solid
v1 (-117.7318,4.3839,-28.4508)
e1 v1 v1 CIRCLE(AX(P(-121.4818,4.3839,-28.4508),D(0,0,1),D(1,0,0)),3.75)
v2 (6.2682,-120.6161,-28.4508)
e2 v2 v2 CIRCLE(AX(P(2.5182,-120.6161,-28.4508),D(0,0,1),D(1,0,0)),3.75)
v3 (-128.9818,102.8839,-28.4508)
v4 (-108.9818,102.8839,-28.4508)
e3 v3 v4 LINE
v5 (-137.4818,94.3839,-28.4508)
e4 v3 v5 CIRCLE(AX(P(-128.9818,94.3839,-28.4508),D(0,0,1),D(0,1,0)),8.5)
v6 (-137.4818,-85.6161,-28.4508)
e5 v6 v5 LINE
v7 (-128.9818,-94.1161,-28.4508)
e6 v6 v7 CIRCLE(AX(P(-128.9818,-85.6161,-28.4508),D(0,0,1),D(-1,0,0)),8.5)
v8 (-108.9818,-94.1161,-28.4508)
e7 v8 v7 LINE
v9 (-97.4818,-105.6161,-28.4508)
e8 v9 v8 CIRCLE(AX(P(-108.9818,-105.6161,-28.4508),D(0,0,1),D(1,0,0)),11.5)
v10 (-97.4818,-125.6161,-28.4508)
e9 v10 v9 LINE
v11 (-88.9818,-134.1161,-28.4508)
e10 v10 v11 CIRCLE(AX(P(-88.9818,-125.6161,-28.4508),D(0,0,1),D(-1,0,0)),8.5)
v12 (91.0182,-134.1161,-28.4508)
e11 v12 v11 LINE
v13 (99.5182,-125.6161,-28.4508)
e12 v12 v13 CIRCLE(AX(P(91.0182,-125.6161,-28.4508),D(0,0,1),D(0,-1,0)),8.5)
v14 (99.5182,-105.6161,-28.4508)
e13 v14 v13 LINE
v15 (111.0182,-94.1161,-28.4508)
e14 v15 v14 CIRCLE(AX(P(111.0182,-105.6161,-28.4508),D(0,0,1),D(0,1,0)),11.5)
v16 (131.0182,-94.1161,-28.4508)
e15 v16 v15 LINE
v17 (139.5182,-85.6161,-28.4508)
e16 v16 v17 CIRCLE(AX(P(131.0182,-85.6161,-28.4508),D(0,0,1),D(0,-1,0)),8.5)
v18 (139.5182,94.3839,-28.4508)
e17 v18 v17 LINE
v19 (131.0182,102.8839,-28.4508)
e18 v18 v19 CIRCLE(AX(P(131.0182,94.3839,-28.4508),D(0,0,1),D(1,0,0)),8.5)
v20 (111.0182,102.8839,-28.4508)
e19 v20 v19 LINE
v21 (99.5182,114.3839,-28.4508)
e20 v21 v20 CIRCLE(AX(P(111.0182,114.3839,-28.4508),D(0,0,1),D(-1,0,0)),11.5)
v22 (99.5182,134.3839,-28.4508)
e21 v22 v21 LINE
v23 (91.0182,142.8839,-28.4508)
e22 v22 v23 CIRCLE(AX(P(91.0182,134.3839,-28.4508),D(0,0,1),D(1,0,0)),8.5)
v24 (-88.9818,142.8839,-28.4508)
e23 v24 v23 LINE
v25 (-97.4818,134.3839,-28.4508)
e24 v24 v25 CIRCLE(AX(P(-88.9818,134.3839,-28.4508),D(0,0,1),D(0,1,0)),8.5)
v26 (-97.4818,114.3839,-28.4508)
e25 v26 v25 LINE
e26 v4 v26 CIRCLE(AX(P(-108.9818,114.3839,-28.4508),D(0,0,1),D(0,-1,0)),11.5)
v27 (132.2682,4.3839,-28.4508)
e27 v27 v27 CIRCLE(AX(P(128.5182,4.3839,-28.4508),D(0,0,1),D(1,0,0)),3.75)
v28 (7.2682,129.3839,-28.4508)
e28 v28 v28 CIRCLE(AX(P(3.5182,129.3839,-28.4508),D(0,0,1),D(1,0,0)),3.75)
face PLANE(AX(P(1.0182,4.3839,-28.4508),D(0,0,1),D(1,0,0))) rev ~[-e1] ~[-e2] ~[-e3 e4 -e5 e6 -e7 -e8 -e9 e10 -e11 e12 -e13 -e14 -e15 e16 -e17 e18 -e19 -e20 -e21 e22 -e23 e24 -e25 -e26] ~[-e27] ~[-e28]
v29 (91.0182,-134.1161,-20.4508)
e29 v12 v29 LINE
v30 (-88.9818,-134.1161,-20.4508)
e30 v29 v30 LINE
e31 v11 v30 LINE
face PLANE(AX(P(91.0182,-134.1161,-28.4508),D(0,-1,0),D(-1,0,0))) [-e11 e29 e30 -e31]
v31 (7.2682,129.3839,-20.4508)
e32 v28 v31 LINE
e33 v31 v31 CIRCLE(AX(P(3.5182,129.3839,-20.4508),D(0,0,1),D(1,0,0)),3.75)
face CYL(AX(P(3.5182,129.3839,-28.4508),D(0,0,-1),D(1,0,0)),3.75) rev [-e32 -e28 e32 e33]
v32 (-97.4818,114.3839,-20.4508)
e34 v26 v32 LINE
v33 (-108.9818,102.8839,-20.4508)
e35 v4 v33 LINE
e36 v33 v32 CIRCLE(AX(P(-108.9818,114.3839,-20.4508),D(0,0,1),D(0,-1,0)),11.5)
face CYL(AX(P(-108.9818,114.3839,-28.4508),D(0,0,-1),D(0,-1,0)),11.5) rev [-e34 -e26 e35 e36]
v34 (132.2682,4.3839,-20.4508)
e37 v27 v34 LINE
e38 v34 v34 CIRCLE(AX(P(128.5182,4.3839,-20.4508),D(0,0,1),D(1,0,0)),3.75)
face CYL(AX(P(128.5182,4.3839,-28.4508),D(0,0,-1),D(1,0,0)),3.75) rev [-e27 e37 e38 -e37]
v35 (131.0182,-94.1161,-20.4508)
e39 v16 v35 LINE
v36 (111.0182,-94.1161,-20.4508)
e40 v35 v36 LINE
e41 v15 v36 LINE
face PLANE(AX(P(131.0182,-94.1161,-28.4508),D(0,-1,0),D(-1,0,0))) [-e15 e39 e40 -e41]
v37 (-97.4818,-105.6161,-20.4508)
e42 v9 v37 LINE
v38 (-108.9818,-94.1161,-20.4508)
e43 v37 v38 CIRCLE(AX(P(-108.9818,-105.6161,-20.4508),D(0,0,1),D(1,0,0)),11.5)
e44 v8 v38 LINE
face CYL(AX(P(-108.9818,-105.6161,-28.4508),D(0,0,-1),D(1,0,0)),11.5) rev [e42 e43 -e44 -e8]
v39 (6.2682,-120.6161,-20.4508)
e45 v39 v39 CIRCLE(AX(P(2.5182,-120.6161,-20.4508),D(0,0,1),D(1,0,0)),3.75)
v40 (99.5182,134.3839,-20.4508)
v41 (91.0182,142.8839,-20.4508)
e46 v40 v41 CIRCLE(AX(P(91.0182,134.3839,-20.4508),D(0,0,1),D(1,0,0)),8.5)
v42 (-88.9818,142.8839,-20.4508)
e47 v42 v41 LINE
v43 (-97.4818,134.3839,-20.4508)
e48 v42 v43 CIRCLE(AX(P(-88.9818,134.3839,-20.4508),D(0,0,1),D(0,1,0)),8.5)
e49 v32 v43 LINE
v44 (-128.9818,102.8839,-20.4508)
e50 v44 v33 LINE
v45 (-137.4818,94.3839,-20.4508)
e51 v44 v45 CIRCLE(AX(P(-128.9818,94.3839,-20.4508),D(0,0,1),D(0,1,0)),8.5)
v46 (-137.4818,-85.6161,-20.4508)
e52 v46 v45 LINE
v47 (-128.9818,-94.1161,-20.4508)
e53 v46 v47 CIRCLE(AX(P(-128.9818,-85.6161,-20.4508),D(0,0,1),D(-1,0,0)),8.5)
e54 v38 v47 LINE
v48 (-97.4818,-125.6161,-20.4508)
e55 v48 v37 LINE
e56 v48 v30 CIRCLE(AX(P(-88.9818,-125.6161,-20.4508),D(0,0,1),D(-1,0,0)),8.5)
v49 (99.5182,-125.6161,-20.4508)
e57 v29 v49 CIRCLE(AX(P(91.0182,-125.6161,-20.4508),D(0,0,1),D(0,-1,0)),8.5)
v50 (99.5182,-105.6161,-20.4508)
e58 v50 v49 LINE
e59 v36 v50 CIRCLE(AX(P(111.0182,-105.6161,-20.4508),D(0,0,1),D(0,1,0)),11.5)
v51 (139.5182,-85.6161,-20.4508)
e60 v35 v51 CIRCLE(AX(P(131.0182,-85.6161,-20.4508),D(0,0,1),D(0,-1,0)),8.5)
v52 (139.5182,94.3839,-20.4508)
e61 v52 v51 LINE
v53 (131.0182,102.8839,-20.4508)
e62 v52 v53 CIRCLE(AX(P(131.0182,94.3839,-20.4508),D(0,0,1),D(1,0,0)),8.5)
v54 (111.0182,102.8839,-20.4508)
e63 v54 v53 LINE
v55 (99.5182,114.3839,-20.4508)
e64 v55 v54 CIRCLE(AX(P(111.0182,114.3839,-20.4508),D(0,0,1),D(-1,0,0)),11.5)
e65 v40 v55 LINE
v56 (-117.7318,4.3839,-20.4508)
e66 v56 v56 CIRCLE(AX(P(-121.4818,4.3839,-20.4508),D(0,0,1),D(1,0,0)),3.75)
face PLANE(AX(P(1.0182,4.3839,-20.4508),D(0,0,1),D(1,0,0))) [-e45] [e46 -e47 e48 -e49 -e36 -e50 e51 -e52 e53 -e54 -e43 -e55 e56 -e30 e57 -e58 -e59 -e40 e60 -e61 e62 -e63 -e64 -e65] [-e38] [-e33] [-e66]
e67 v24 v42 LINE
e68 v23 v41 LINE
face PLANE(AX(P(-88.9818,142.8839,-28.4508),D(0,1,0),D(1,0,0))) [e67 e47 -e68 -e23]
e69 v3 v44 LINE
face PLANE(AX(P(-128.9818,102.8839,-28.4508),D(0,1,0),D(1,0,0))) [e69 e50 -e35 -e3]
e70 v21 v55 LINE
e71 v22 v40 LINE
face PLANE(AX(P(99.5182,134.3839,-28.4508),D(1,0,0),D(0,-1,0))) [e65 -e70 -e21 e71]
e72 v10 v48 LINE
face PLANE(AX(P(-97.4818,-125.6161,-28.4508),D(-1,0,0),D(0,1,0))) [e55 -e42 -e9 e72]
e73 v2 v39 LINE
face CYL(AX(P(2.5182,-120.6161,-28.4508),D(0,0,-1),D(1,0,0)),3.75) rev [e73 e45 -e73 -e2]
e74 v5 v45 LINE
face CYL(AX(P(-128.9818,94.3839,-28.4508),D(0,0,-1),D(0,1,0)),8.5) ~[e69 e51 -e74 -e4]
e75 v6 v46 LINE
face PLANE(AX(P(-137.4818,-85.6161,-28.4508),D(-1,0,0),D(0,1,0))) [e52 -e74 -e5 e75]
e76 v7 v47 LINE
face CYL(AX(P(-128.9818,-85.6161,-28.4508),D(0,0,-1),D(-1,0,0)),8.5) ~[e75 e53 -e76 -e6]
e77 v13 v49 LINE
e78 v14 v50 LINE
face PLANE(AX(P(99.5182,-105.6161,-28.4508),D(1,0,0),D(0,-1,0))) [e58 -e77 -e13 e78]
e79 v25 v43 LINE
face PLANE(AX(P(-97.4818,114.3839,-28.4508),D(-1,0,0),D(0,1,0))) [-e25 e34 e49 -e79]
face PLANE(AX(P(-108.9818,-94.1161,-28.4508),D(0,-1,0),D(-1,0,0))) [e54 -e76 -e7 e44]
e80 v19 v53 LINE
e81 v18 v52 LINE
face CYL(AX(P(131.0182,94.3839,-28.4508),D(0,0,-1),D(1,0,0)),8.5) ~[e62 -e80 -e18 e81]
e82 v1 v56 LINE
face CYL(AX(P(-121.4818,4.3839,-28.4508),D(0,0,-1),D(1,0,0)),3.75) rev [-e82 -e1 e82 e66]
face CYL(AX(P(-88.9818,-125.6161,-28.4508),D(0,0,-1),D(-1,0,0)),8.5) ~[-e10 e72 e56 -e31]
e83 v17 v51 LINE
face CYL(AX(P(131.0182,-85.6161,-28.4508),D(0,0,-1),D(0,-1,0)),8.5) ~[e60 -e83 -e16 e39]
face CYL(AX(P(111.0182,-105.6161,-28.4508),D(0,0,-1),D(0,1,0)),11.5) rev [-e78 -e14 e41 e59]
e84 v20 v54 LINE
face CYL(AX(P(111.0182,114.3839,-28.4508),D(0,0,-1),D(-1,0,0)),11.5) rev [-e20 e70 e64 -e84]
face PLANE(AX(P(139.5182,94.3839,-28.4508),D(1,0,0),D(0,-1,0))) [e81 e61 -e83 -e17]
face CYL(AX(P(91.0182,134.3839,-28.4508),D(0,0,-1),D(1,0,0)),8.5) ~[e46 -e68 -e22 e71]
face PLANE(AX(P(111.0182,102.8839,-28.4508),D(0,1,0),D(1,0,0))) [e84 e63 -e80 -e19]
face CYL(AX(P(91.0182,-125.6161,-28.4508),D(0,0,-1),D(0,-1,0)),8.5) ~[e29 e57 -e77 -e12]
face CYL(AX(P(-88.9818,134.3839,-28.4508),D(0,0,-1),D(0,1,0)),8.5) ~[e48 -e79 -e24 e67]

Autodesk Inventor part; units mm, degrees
ref_plane "YZ Plane" through (0, 0, 0) normal (1, 0, 0) x (0, 1, 0)
ref_plane "XZ Plane" through (0, 0, 0) normal (0, 1, 0) x (-1, 0, 0)
ref_plane "Work Plane1" through (1.0182, 4.3839, -28.4508) normal (0, 0, 1) x (1, 0, 0)
sketch "Sketch4" plane through (1.0182, 4.3839, -28.4508) normal (0, 0, 1) x (1, 0, 0)
  arc A0 (100, 130) -> (90, 140) centre (90, 130) ccw construction
  line L0 (-90, 140) -> (90, 140) construction
  arc A1 (-90, 140) -> (-100, 130) centre (-90, 130) ccw construction
  line L1 (-100, 110) -> (-100, 130) construction
  arc A2 (-110, 100) -> (-100, 110) centre (-110, 110) ccw construction
  line L2 (-130, 100) -> (-110, 100) construction
  arc A3 (-130, 100) -> (-140, 90) centre (-130, 90) ccw construction
  line L3 (-140, -90) -> (-140, 90) construction
  arc A4 (-140, -90) -> (-130, -100) centre (-130, -90) ccw construction
  line L4 (-110, -100) -> (-130, -100) construction
  arc A5 (-100, -110) -> (-110, -100) centre (-110, -110) ccw construction
  line L5 (-100, -130) -> (-100, -110) construction
  arc A6 (-100, -130) -> (-90, -140) centre (-90, -130) ccw construction
  line L6 (90, -140) -> (-90, -140) construction
  arc A7 (90, -140) -> (100, -130) centre (90, -130) ccw construction
  line L7 (100, -110) -> (100, -130) construction
  arc A8 (110, -100) -> (100, -110) centre (110, -110) ccw construction
  line L8 (130, -100) -> (110, -100) construction
  arc A9 (130, -100) -> (140, -90) centre (130, -90) ccw construction
  line L9 (140, 90) -> (140, -90) construction
  arc A10 (140, 90) -> (130, 100) centre (130, 90) ccw construction
  line L10 (110, 100) -> (130, 100) construction
  arc A11 (100, 110) -> (110, 100) centre (110, 110) ccw construction
  line L11 (100, 130) -> (100, 110) construction
  circle A12 centre (0, 125) radius 3.75 construction
  circle A13 centre (0, -125) radius 3.75 construction
  circle A14 centre (-125, 0) radius 3.75 construction
  circle A15 centre (125, 0) radius 3.75 construction
  arc A16 (98.5, 130) -> (90, 138.5) centre (90, 130) ccw
  line L12 (98.5, 130) -> (98.5, 110)
  arc A17 (98.5, 110) -> (110, 98.5) centre (110, 110) ccw
  line L13 (110, 98.5) -> (130, 98.5)
  arc A18 (138.5, 90) -> (130, 98.5) centre (130, 90) ccw
  line L14 (138.5, 90) -> (138.5, -90)
  arc A19 (130, -98.5) -> (138.5, -90) centre (130, -90) ccw
  line L15 (130, -98.5) -> (110, -98.5)
  arc A20 (110, -98.5) -> (98.5, -110) centre (110, -110) ccw
  line L16 (98.5, -110) -> (98.5, -130)
  arc A21 (90, -138.5) -> (98.5, -130) centre (90, -130) ccw
  line L17 (90, -138.5) -> (-90, -138.5)
  arc A22 (-98.5, -130) -> (-90, -138.5) centre (-90, -130) ccw
  line L18 (-98.5, -130) -> (-98.5, -110)
  arc A23 (-98.5, -110) -> (-110, -98.5) centre (-110, -110) ccw
  line L19 (-110, -98.5) -> (-130, -98.5)
  arc A24 (-138.5, -90) -> (-130, -98.5) centre (-130, -90) ccw
  line L20 (-138.5, -90) -> (-138.5, 90)
  arc A25 (-130, 98.5) -> (-138.5, 90) centre (-130, 90) ccw
  line L21 (-130, 98.5) -> (-110, 98.5)
  arc A26 (-110, 98.5) -> (-98.5, 110) centre (-110, 110) ccw
  line L22 (-98.5, 110) -> (-98.5, 130)
  arc A27 (-90, 138.5) -> (-98.5, 130) centre (-90, 130) ccw
  line L23 (-90, 138.5) -> (90, 138.5)
  line L24 (-125, 0) -> (-113.2017, 0)
  circle A28 centre (2.5, 125) radius 3.75
  circle A29 centre (-122.5, 0) radius 3.75
  circle A30 centre (127.5, 0) radius 3.75
  circle A31 centre (1.5, -125) radius 3.75
  point P0 (-1.0182, -4.3839)
  dimension "d21" = 1.5
  dimension "d22" = 2.5
  dimension "d23" = 2.5
  dimension "d24" = 2.5
  dimension "d25" = 1.5
  dimension "d26" = 7.5
  dimension "d27" = 7.5
  dimension "d28" = 7.5
  dimension "d29" = 7.5
  dimension "d30" = 7.5
extrude "Extrusion3" add sketch "Sketch4" along normal blind 8
sketch "Sketch6" plane through (1.0182, 4.3839, -20.4508) normal (0, 0, 1) x (1, 0, 0)
  arc A0 (98.5, 130) -> (90, 138.5) centre (90, 130) ccw projected
  line L0 (90, 138.5) -> (-90, 138.5) projected
  arc A1 (-90, 138.5) -> (-98.5, 130) centre (-90, 130) ccw projected
  line L1 (-98.5, 130) -> (-98.5, 110) projected
  arc A2 (-110, 98.5) -> (-98.5, 110) centre (-110, 110) ccw projected
  line L2 (-110, 98.5) -> (-130, 98.5) projected
  arc A3 (-130, 98.5) -> (-138.5, 90) centre (-130, 90) ccw projected
  line L3 (-138.5, 90) -> (-138.5, -90) projected
  arc A4 (-138.5, -90) -> (-130, -98.5) centre (-130, -90) ccw projected
  line L4 (-130, -98.5) -> (-110, -98.5) projected
  arc A5 (-98.5, -110) -> (-110, -98.5) centre (-110, -110) ccw projected
  line L5 (-98.5, -110) -> (-98.5, -130) projected
  arc A6 (-98.5, -130) -> (-90, -138.5) centre (-90, -130) ccw projected
  line L6 (-90, -138.5) -> (90, -138.5) projected
  arc A7 (90, -138.5) -> (98.5, -130) centre (90, -130) ccw projected
  line L7 (98.5, -130) -> (98.5, -110) projected
  arc A8 (110, -98.5) -> (98.5, -110) centre (110, -110) ccw projected
  line L8 (110, -98.5) -> (130, -98.5) projected
  arc A9 (130, -98.5) -> (138.5, -90) centre (130, -90) ccw projected
  line L9 (138.5, -90) -> (138.5, 90) projected
  arc A10 (138.5, 90) -> (130, 98.5) centre (130, 90) ccw projected
  line L10 (130, 98.5) -> (110, 98.5) projected
  arc A11 (98.5, 110) -> (110, 98.5) centre (110, 110) ccw projected
  line L11 (98.5, 110) -> (98.5, 130) projected
  circle A12 centre (1.5, -125) radius 3.75 projected
  circle A13 centre (127.5, 0) radius 3.75 projected
  circle A14 centre (-122.5, 0) radius 3.75 projected
  circle A15 centre (2.5, 125) radius 3.75 projected
  point P0 (-1.0182, -4.3839)
equation "\"d27\" = d26"
equation "\"d28\" = d27"
equation "\"d29\" = d28"
equation "\"d30\" = d28"
properties part number "_3DPrint"
